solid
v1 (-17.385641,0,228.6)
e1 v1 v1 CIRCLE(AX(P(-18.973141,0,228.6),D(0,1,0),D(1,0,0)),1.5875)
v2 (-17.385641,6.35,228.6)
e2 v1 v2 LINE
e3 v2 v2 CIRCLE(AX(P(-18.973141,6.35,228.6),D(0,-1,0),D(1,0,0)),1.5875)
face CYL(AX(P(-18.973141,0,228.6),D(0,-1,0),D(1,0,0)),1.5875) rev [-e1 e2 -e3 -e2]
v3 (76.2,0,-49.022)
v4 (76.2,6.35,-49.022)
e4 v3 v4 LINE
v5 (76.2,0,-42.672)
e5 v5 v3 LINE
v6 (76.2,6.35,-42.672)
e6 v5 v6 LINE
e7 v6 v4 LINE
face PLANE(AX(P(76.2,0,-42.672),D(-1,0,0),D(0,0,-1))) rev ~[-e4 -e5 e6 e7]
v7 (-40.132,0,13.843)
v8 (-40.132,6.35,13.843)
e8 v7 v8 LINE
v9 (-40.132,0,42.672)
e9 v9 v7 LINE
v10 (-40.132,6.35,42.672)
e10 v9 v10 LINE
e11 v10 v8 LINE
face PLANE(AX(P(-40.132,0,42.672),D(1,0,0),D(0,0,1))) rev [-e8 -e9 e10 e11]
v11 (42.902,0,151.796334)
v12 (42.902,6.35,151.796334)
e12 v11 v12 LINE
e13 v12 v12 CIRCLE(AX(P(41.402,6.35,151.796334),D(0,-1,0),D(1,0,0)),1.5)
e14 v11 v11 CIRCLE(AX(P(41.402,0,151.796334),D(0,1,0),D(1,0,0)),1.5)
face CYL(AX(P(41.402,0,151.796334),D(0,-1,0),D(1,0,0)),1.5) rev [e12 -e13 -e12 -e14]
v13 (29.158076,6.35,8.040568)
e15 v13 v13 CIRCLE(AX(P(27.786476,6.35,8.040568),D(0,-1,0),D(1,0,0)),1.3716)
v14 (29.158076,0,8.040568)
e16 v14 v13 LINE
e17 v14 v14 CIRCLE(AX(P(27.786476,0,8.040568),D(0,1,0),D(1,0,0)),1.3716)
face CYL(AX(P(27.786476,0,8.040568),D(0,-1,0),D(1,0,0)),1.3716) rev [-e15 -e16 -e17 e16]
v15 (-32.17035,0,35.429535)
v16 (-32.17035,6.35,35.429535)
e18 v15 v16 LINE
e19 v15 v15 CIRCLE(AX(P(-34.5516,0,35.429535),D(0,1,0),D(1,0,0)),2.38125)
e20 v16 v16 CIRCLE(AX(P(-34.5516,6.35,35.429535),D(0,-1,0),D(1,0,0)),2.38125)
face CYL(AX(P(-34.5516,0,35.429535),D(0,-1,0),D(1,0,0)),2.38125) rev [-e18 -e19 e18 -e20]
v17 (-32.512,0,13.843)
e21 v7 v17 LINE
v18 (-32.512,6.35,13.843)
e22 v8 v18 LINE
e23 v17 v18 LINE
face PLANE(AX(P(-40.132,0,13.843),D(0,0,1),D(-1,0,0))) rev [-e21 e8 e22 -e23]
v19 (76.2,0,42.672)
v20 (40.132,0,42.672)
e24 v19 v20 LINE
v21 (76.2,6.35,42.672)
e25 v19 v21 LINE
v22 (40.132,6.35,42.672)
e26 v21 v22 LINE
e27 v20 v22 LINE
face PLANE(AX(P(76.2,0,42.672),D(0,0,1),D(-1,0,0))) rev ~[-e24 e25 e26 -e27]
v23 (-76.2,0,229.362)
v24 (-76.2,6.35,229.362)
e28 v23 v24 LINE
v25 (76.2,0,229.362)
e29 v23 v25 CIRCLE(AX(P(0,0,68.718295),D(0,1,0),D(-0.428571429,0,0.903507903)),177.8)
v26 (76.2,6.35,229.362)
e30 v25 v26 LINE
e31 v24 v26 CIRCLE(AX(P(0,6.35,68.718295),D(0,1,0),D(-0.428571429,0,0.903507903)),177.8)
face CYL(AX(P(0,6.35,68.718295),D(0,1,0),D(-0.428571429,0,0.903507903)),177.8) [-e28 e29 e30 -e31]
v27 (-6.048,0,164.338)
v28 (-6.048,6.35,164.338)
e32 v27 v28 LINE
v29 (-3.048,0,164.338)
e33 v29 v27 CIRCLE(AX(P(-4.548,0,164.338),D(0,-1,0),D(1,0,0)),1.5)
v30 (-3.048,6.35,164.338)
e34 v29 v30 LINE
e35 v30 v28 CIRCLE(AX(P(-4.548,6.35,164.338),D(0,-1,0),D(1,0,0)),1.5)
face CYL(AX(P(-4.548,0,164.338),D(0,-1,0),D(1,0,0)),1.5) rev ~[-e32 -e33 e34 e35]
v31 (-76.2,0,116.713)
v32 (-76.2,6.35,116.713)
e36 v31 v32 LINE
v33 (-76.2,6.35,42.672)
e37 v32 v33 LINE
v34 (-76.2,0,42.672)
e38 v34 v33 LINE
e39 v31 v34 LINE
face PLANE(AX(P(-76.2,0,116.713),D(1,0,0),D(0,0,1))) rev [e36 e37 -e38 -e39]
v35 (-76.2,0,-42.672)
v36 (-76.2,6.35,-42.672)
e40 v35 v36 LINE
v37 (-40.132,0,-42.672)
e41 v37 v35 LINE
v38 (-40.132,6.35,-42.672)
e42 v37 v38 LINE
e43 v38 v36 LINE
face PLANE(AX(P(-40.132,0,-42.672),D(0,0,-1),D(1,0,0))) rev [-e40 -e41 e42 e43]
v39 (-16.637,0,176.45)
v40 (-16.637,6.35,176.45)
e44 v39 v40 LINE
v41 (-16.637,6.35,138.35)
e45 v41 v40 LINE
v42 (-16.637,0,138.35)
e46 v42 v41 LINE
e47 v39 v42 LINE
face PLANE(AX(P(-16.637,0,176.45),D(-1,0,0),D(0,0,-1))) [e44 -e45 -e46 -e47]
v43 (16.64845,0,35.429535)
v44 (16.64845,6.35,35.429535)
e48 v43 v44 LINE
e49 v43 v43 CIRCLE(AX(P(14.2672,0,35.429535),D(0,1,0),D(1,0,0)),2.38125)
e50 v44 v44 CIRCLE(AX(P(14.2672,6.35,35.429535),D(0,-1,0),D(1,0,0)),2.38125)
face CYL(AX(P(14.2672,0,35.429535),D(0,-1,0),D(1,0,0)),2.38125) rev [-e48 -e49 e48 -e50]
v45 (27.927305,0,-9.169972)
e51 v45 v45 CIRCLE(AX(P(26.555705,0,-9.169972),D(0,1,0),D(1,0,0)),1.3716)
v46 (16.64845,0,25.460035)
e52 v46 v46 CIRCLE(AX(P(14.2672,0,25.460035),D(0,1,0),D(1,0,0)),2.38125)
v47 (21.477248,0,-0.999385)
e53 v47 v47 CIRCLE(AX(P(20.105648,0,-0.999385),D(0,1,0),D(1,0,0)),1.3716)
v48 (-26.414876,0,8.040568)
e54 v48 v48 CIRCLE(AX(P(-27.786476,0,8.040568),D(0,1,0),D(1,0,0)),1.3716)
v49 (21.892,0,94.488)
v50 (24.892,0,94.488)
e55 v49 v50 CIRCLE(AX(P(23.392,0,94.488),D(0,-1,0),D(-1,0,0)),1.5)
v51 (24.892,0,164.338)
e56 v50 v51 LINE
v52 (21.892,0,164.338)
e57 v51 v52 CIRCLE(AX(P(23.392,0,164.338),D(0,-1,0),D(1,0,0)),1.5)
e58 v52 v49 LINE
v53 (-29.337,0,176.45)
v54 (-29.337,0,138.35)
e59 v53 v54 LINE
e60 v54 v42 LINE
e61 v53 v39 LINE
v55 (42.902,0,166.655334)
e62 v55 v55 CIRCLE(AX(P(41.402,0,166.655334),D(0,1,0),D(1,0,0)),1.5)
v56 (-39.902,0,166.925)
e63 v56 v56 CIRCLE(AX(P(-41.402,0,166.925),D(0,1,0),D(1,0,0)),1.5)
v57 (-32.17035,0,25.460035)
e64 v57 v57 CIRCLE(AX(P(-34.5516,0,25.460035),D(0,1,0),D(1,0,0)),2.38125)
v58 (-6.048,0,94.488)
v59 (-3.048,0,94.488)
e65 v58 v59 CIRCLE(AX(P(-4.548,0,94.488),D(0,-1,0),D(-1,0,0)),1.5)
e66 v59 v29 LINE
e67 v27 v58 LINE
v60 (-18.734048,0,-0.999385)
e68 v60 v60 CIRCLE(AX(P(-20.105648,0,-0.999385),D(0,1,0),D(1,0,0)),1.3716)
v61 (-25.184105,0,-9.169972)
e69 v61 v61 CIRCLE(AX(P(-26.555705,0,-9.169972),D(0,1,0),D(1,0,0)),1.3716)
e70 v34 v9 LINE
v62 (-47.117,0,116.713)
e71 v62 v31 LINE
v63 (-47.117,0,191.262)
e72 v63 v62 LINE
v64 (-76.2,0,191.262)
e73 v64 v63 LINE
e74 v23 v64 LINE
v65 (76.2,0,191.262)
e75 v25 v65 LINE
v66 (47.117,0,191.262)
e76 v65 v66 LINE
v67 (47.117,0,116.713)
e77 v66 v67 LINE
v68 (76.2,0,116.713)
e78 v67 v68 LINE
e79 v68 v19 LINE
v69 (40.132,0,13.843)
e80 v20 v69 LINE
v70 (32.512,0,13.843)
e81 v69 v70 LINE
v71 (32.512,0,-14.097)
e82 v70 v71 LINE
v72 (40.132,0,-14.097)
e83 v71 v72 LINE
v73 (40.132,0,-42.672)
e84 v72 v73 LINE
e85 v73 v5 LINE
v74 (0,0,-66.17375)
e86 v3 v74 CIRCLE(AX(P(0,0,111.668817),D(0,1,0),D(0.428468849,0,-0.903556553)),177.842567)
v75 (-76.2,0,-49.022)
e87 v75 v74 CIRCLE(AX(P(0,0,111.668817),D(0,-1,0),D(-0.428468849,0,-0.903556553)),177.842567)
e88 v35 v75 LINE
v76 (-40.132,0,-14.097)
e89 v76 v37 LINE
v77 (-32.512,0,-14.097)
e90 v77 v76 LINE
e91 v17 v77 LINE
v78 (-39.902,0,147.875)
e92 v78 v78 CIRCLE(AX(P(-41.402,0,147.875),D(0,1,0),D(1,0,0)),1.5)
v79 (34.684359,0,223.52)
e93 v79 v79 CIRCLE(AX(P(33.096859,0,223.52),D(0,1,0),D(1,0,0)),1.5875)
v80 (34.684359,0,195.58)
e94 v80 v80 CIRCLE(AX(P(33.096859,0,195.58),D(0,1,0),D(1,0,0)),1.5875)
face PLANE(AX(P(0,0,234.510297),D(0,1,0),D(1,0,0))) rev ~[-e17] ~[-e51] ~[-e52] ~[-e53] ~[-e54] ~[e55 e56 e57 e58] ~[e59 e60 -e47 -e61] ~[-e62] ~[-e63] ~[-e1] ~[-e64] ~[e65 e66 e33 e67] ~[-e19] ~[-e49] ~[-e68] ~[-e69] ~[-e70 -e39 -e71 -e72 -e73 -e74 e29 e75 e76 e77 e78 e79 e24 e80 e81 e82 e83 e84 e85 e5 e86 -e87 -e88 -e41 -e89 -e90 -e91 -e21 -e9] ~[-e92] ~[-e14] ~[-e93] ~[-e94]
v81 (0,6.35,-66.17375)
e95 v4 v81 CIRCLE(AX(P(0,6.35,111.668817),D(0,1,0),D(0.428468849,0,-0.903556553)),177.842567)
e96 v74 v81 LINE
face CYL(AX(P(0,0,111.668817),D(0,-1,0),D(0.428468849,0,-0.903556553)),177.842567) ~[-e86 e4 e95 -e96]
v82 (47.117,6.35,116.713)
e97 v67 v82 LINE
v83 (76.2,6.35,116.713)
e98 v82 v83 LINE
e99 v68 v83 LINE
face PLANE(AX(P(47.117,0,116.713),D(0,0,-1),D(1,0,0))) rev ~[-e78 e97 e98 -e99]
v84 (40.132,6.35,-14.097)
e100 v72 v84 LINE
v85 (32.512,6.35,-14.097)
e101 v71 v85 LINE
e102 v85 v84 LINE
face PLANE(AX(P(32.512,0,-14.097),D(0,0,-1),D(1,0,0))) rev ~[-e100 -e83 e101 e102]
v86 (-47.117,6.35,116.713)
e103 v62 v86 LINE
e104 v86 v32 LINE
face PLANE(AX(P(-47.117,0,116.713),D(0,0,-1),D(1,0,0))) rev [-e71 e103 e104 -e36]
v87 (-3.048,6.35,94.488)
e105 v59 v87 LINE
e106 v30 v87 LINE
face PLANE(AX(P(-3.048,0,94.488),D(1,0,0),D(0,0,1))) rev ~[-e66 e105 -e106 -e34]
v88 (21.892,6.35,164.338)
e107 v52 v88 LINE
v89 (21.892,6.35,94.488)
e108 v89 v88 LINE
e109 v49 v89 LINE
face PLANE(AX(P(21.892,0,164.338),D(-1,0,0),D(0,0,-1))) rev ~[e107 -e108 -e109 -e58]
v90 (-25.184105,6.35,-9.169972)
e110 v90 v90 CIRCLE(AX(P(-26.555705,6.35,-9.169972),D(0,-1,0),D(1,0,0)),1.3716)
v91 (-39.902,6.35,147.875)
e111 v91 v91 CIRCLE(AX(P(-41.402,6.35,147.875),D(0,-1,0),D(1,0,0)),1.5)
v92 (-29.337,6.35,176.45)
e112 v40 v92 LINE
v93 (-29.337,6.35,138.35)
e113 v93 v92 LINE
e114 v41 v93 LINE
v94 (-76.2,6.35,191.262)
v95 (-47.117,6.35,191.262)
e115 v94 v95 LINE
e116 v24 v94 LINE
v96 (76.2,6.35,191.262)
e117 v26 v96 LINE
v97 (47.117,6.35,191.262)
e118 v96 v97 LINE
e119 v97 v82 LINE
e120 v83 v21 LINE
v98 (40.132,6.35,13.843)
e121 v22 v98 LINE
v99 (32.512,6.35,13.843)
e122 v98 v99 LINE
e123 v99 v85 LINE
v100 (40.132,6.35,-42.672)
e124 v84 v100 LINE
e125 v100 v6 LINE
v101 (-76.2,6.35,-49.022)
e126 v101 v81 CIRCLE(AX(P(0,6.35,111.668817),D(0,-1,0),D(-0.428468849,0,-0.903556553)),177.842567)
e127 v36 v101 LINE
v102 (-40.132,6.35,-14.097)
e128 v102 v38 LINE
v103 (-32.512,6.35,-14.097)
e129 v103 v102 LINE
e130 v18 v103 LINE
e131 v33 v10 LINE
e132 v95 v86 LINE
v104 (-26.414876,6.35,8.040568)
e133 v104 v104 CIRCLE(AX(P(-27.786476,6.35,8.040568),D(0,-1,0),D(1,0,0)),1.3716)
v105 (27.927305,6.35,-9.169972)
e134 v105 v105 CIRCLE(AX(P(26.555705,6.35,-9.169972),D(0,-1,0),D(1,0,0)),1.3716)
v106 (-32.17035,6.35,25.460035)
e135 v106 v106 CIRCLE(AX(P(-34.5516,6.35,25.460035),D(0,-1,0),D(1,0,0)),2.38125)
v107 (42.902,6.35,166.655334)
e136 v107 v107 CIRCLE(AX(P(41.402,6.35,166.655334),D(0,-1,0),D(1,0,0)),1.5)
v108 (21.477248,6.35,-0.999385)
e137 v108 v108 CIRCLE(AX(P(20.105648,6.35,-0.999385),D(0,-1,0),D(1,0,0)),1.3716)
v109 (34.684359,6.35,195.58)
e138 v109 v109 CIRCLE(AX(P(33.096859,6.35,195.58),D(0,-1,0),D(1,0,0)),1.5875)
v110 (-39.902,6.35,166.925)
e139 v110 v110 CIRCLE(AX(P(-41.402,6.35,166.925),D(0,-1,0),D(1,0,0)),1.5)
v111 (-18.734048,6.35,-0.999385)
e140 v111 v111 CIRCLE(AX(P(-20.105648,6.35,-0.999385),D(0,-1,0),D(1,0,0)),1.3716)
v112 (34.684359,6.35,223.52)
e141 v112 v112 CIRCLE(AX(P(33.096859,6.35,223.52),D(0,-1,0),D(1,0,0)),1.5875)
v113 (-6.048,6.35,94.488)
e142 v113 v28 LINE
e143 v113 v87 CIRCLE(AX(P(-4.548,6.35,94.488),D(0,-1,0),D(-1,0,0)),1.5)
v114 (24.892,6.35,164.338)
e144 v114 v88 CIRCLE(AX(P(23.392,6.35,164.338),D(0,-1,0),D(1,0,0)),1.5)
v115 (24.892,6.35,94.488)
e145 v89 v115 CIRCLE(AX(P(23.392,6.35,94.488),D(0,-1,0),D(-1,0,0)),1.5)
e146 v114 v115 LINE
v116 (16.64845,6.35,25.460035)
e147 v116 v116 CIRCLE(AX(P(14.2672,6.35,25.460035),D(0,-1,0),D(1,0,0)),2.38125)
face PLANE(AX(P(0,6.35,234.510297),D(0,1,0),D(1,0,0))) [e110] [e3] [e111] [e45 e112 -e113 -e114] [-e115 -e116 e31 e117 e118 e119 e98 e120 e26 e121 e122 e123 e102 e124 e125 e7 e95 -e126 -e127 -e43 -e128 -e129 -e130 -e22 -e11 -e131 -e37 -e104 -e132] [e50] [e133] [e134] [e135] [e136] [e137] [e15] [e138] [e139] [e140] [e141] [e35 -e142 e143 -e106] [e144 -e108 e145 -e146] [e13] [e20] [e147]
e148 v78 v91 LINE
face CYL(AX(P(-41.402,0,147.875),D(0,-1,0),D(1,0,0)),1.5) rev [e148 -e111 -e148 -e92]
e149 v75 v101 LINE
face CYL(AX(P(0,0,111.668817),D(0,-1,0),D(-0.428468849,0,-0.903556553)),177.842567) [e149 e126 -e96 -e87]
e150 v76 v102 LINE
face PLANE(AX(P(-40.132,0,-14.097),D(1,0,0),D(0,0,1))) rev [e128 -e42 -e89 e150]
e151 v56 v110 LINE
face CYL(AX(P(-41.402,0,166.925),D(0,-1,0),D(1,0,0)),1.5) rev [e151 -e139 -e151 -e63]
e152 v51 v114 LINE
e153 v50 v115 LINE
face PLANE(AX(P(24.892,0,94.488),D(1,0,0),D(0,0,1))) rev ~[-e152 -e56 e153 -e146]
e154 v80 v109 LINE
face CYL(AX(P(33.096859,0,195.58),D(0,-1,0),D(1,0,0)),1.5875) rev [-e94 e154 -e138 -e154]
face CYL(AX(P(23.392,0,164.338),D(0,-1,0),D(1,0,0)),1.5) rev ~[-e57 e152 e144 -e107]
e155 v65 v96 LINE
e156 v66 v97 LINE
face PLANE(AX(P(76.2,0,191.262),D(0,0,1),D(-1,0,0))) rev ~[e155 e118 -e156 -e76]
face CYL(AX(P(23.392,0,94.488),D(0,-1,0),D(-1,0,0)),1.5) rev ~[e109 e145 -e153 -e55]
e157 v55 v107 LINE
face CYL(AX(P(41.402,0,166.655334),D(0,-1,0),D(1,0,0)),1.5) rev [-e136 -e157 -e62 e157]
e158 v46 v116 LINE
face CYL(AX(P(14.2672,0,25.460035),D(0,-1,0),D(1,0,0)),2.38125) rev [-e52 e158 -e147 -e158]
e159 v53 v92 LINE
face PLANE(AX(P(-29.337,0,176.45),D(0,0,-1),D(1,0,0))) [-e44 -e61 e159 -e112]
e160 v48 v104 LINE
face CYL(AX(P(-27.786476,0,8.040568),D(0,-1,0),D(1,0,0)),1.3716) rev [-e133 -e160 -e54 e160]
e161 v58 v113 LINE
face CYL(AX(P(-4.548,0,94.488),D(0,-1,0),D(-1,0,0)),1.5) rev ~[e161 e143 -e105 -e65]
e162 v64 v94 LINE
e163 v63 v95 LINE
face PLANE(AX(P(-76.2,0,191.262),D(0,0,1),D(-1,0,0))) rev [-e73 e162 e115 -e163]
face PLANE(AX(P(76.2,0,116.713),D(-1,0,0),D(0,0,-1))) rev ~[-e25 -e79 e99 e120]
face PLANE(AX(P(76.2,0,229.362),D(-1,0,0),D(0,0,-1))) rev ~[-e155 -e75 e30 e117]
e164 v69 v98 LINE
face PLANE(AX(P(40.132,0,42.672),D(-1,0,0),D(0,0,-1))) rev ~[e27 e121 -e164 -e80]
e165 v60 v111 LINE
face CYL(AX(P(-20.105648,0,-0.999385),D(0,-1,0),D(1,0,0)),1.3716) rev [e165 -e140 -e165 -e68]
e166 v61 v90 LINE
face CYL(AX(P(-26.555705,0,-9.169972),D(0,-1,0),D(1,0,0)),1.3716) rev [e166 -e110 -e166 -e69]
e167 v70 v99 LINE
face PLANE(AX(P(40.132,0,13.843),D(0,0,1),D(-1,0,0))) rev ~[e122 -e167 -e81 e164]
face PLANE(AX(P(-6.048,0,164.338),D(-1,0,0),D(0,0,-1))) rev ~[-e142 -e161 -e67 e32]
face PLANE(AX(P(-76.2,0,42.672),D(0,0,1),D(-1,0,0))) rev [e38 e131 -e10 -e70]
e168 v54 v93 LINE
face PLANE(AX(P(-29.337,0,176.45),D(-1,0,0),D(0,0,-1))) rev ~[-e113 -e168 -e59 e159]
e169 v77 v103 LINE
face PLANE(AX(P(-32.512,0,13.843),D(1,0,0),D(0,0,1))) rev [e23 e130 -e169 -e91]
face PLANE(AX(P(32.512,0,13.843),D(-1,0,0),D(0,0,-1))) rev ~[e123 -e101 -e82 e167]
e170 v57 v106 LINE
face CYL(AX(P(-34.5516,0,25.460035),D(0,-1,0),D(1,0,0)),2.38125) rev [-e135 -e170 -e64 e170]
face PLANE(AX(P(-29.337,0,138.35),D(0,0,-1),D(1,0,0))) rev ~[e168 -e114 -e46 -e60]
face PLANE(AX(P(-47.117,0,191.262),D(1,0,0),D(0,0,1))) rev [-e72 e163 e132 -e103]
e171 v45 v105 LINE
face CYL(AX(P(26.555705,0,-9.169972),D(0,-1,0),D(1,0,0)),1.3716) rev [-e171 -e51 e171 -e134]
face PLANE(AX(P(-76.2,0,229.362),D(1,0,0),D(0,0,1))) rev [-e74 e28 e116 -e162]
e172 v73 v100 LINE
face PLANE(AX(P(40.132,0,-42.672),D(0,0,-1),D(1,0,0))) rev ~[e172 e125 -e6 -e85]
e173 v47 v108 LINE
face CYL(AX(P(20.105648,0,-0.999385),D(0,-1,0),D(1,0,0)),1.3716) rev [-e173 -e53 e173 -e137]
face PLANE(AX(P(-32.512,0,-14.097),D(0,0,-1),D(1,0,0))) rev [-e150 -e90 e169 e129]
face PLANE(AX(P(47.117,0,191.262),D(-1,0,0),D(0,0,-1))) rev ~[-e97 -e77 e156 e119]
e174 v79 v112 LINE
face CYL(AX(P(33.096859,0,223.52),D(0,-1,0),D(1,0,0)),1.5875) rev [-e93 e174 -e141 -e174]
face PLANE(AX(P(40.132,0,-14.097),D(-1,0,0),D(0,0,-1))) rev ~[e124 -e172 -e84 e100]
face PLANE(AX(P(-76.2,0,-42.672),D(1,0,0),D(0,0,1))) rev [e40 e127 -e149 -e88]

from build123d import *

# Parameters (mm, degrees)
CHASSIS_DEPTH       = 6.35
BOSS_EXTRUDE1_DEPTH = 6.35
SKETCH2_R           = 1.5875
SKETCH2_R_2         = 1.5
SKETCH2_R_3         = 1.3716
SKETCH2_R_4         = 2.38125
SKETCH2_W           = 12.7
SKETCH2_H           = 38.1
CUT_EXTRUDE1_DEPTH  = 17.78


with BuildPart() as part:
    # Sketch1 → Chassis (new body)
    with BuildSketch(Plane(origin=(0, 0, 0), x_dir=(1, 0, 0), z_dir=(0, 1, 0))):
        with BuildLine():
            Line((0, 66.173750115), (0, -229.362))
            Line((0, -229.362), (76.2, -229.362))
            Line((76.2, -229.362), (76.2, -191.262))
            Line((76.2, -191.262), (47.117, -191.262))
            Line((47.117, -191.262), (47.117, -116.713))
            Line((47.117, -116.713), (76.2, -116.713))
            Line((76.2, -116.713), (76.2, -42.672))
            Line((76.2, -42.672), (40.132, -42.672))
            Line((40.132, -42.672), (40.132, -13.843))
            Line((40.132, -13.843), (32.512, -13.843))
            Line((32.512, -13.843), (32.512, 14.097))
            Line((32.512, 14.097), (40.132, 14.097))
            Line((40.132, 14.097), (40.132, 42.672))
            Line((40.132, 42.672), (76.2, 42.672))
            Line((76.2, 42.672), (76.2, 49.022))
            ThreePointArc((76.2, 49.022), (39.053241005, 61.832834411), (0, 66.173750115))
        make_face()
    chassis = extrude(amount=CHASSIS_DEPTH)

    # Mirror1: Chassis across plane
    add(chassis.mirror(Plane(origin=(0, 6.35, 0), x_dir=(0, 0, 1), z_dir=(1, 0, 0))))

    # Sketch4 → Boss-Extrude1 (add)
    with BuildSketch(Plane(origin=(0, 6.35, 0), x_dir=(1, 0, 0), z_dir=(0, 1, 0))):
        with BuildLine():
            Line((76.2, -229.362), (-76.2, -229.362))
            ThreePointArc((-76.2, -229.362), (0, -246.518294863), (76.2, -229.362))
        make_face()
    extrude(amount=-BOSS_EXTRUDE1_DEPTH)

    # Sketch2 → Cut-Extrude1 (cut)
    with BuildSketch(Plane(origin=(0, 0, 0), x_dir=(1, 0, 0), z_dir=(0, 1, 0))):
        with Locations((33.096859047, -195.58)):
            Circle(SKETCH2_R)
        with Locations((-18.973140953, -228.6)):
            Circle(SKETCH2_R)
        with Locations((33.096859047, -223.52)):
            Circle(SKETCH2_R)
        with Locations((41.402, -151.796334461)):
            Circle(SKETCH2_R_2)
        with Locations((-26.555704526, 9.169971692)):
            Circle(SKETCH2_R_3)
        with Locations((-20.105647723, 0.999384842)):
            Circle(SKETCH2_R_3)
        with Locations((-27.786476371, -8.040568412)):
            Circle(SKETCH2_R_3)
        with Locations((26.555704526, 9.169971692)):
            Circle(SKETCH2_R_3)
        with Locations((20.105647723, 0.999384842)):
            Circle(SKETCH2_R_3)
        with Locations((27.786476371, -8.040568412)):
            Circle(SKETCH2_R_3)
        with Locations((14.2672, -25.46003476)):
            Circle(SKETCH2_R_4)
        with Locations((14.2672, -35.42953476)):
            Circle(SKETCH2_R_4)
        with Locations((-34.5516, -25.46003476)):
            Circle(SKETCH2_R_4)
        with Locations((-34.5516, -35.42953476)):
            Circle(SKETCH2_R_4)
        with Locations((-41.402, -147.875000023)):
            Circle(SKETCH2_R_2)
        with Locations((-41.402, -166.925000023)):
            Circle(SKETCH2_R_2)
        with Locations((41.402, -166.655334461)):
            Circle(SKETCH2_R_2)
        with BuildLine():
            Line((24.892, -94.488), (24.892, -164.338))
            ThreePointArc((24.892, -164.338), (23.392, -165.838), (21.892, -164.338))
            Line((21.892, -164.338), (21.892, -94.488))
            ThreePointArc((21.892, -94.488), (23.392, -92.988), (24.892, -94.488))
        make_face()
        with BuildLine():
            Line((-3.048, -94.488), (-3.048, -164.338))
            ThreePointArc((-3.048, -164.338), (-4.548, -165.838), (-6.048, -164.338))
            Line((-6.048, -164.338), (-6.048, -94.488))
            ThreePointArc((-6.048, -94.488), (-4.548, -92.988), (-3.048, -94.488))
        make_face()
        with Locations((-22.987, -157.400000023)):
            Rectangle(SKETCH2_W, SKETCH2_H)
    extrude(amount=CUT_EXTRUDE1_DEPTH, mode=Mode.SUBTRACT)


solid = part.part
